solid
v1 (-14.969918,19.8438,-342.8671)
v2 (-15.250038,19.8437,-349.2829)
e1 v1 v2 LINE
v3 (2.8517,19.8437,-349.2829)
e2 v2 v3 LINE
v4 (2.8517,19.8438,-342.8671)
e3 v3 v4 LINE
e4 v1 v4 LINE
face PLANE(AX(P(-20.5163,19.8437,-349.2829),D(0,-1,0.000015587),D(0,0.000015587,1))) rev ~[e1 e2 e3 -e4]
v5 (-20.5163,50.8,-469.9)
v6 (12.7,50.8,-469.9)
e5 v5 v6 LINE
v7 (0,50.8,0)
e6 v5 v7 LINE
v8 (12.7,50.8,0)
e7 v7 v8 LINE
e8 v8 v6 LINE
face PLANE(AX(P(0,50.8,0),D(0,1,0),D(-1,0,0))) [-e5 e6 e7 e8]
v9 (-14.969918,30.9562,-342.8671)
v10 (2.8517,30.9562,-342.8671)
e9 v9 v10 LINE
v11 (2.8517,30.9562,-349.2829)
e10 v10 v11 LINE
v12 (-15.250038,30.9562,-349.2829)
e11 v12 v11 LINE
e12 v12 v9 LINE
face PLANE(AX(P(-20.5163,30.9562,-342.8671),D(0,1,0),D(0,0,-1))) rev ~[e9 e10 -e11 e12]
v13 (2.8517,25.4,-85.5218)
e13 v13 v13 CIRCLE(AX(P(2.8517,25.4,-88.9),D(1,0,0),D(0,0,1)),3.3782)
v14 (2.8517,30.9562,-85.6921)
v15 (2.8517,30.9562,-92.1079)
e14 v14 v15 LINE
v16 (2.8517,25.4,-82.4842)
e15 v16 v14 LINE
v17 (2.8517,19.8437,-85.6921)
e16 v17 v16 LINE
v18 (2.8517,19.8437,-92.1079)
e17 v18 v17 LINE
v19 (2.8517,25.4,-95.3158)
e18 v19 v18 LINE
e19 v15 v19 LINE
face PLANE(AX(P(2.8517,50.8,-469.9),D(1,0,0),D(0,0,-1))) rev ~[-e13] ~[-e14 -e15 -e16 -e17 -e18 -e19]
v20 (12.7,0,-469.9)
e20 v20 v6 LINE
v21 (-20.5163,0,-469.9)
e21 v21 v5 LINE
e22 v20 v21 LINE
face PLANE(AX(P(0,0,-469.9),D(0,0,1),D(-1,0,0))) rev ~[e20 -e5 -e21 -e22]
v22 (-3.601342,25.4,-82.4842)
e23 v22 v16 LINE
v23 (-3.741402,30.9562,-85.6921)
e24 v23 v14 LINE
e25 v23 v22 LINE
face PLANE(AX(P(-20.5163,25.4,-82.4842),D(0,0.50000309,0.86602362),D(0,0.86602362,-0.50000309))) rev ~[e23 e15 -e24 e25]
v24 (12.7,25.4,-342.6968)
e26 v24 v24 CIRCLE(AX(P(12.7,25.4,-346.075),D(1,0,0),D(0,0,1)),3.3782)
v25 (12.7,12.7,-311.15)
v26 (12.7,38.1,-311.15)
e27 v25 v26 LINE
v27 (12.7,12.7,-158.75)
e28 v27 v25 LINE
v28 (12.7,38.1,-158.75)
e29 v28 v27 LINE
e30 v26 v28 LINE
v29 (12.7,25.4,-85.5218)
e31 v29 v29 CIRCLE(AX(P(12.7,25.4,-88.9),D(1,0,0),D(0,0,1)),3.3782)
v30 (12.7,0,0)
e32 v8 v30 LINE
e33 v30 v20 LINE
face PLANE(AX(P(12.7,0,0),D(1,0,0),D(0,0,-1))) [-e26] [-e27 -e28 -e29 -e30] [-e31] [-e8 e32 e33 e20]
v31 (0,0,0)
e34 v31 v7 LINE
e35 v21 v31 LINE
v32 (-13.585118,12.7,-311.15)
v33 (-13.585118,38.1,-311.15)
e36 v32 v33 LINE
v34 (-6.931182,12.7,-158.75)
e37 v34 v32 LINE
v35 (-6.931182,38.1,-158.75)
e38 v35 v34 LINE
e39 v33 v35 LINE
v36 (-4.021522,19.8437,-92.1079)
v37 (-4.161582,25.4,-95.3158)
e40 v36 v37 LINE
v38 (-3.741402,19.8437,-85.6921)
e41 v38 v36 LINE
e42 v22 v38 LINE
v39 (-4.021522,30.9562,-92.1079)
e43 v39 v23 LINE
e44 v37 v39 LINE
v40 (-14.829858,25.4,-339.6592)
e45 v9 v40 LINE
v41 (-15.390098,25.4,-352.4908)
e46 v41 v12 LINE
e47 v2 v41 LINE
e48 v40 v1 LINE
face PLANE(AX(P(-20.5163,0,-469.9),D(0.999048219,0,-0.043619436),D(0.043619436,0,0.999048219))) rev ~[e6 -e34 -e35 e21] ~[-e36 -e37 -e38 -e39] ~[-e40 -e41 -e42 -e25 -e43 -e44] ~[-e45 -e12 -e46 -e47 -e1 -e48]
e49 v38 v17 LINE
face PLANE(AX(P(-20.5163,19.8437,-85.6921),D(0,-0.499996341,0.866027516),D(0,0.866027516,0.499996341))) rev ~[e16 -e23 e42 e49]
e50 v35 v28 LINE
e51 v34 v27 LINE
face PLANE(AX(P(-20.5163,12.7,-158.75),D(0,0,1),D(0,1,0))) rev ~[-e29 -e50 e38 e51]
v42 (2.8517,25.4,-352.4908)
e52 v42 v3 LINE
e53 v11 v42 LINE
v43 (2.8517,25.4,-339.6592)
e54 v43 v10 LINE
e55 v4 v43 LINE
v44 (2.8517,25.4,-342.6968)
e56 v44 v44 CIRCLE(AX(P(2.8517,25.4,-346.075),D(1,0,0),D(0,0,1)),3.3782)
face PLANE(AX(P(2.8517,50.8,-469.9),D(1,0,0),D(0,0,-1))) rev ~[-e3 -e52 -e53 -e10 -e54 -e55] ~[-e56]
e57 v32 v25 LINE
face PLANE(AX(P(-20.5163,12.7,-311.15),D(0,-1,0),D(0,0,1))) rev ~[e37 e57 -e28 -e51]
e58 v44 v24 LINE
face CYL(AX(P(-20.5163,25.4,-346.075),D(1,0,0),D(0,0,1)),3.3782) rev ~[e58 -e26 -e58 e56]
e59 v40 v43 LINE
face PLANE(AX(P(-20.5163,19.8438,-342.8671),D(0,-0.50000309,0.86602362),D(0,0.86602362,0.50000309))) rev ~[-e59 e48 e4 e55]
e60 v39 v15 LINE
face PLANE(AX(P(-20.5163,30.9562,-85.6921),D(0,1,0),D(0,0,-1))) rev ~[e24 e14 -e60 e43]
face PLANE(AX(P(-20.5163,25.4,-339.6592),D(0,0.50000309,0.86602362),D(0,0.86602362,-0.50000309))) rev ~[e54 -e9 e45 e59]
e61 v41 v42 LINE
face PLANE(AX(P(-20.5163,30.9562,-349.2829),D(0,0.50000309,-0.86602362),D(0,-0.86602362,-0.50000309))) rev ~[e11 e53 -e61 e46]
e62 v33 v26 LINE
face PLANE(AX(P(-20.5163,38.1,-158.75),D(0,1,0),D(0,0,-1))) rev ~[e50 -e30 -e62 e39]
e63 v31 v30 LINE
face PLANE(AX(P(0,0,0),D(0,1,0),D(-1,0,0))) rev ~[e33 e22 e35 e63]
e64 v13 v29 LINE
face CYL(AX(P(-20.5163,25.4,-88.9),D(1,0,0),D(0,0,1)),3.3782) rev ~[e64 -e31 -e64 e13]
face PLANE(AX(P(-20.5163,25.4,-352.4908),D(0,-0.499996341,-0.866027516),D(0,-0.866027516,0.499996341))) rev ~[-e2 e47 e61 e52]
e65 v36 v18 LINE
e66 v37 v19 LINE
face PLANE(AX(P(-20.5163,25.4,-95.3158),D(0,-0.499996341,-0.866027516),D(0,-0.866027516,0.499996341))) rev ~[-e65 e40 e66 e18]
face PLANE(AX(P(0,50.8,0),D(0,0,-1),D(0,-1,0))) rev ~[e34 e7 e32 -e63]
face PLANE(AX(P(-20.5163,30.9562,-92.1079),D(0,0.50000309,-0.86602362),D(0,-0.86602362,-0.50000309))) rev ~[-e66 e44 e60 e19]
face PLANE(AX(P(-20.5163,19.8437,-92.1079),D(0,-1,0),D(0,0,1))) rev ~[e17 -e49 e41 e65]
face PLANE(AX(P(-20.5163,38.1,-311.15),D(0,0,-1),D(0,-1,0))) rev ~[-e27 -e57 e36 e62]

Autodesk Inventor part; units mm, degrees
ref_plane "YZ Plane" through (0, 0, 0) normal (1, 0, 0) x (0, 1, 0)
ref_plane "XZ Plane" through (0, 0, 0) normal (0, 1, 0) x (-1, 0, 0)
sketch "Sketch1" plane through (0, 0, 0) normal (0, 1, 0) x (-1, 0, 0)
  line L0 (0, 0) -> (0, -469.9)
  line L1 (0, -469.9) -> (0, -122.0086)
  line L2 (0, -469.9) -> (20.5163, -469.9)
  line L3 (20.5163, -469.9) -> (0, 0)
  dimension "d0" = 469.9
  dimension "d1" = 2.5
extrude "Extrusion1" add sketch "Sketch1" along normal blind 50.8
ref_plane "Work Plane1" through (-20.5163, 50.8, -469.9) normal (1, 0, 0) x (0, 0, -1)
sketch "Sketch2" plane through (0, 0, 0) normal (1, 0, 0) x (0, 0, -1)
  line L0 (0, 0) -> (469.9, 0) projected
  line L1 (0, 50.8) -> (469.9, 50.8) projected
  line L2 (0, 0) -> (469.9, 0)
  line L3 (469.9, 0) -> (469.9, 50.8)
  line L4 (469.9, 50.8) -> (0, 50.8)
  line L5 (0, 50.8) -> (0, 0)
extrude "Extrusion2" add sketch "Sketch2" along normal blind 12.7
sketch "Sketch4" plane through (-20.5163, 50.8, -469.9) normal (1, 0, 0) x (0, 0, -1)
  line L0 (0, -50.8) -> (0, 0) construction
  line L1 (0, -25.4) -> (-279.4, -25.4) construction
  line L2 (0, -50.8) -> (-469.9, -50.8) construction
  line L3 (-469.9, -50.8) -> (-469.9, 0) construction
  point P0 (-381, -25.4)
  point P1 (-123.825, -25.4)
  point P2 (-469.9, 0)
  dimension "d16" = 25.4
  dimension "d17" = 88.9
  dimension "d18" = 346.075
hole "Hole2" at (-20.5163, 25.4, -88.9) at (-20.5163, 25.4, -346.075) direction (1, 0, 0) diameter 6.7564 end through all clearance for "Flat Head Machine Screw (82)" size "1/4" standard "Ansi Unified Screw Threads"
sketch "Sketch6" plane through (-20.5163, 50.8, -469.9) normal (1, 0, 0) x (0, 0, -1)
  circle A0 centre (-123.825, -25.4) radius 3.3782 projected
  line L0 (-130.2408, -25.4) -> (-127.0329, -19.8438)
  line L1 (-127.0329, -19.8438) -> (-120.6171, -19.8438)
  line L2 (-120.6171, -19.8438) -> (-117.4092, -25.4)
  line L3 (-117.4092, -25.4) -> (-120.6171, -30.9563)
  line L4 (-120.6171, -30.9563) -> (-127.0329, -30.9562)
  line L5 (-127.0329, -30.9562) -> (-130.2408, -25.4)
  circle A1 centre (-381, -25.4) radius 3.3782 projected
  line L6 (-387.4158, -25.4) -> (-384.2079, -19.8438)
  line L7 (-384.2079, -19.8438) -> (-377.7921, -19.8438)
  line L8 (-377.7921, -19.8438) -> (-374.5842, -25.4)
  line L9 (-374.5842, -25.4) -> (-377.7921, -30.9563)
  line L10 (-377.7921, -30.9563) -> (-384.2079, -30.9563)
  line L11 (-384.2079, -30.9563) -> (-387.4158, -25.4)
  line L12 (0, 0) -> (-469.9, 0) projected
  point P0 (-469.9, -50.8)
  dimension "d26" = 11.1125
extrude "Extrusion3" cut sketch "Sketch6" along normal blind 23.368
ref_plane "Work Plane2" through (-20.5163, 0, -234.95) normal (0, 0, -1) x (-1, 0, 0)
sketch "Sketch8" plane through (-20.5163, 50.8, -469.9) normal (1, 0, 0) x (0, 0, -1)
  circle A0 centre (-123.825, -25.4) radius 3.3782 construction
  circle A1 centre (-381, -25.4) radius 3.3782 construction
  line L0 (-123.825, -25.4) -> (-381, -25.4) construction
  line L1 (0, 0) -> (-469.9, 0) construction
  line L2 (-234.95, 0) -> (-234.95, -50.8) construction
  line L3 (-158.75, -38.1) -> (-311.15, -38.1)
  line L4 (-311.15, -38.1) -> (-311.15, -12.7)
  line L5 (-311.15, -12.7) -> (-158.75, -12.7)
  line L6 (-158.75, -12.7) -> (-158.75, -38.1)
  line L7 (-158.75, -38.1) -> (-311.15, -12.7) construction
  line L8 (-311.15, -38.1) -> (-158.75, -12.7) construction
  point P0 (-469.9, -50.8)
  point P1 (-234.95, -25.4)
  dimension "d30" = 25.4
  dimension "d31" = 152.4
extrude "Extrusion4" cut sketch "Sketch8" along normal through all
equation "\"d0\" = lengthOfFixture"
equation "\"d1\" = cutAngle"
equation "\"d2\" = heightOfJig"
equation "\"d4\" = addedDepthToSupportBolts"
equation "\"d16\" = heightOfBoltHolt"
equation "\"d17\" = bottomToFirstHole"
equation "\"d18\" = bottomToSecondHole"
equation "\"d26\" = hexBoltDiameter"
equation "\"d27\" = depthOfHoleForHexBolt + clearanceForHexbolt"
equation "\"lengthOfFixture\" = 469.9"
equation "\"cutAngle\" = 2.5deg"
equation "\"bottomToFirstHole\" = 88.9"
equation "\"distanceBetweenBolts\" = 257.175"
equation "\"bottomToSecondHole\" = bottomToFirstHole + distanceBetweenBolts"
equation "\"heightOfBoltHolt\" = 25.4"
equation "\"boltSize\" = 6.35"
equation "\"heightOfJig\" = 50.8"
equation "\"addedDepthToSupportBolts\" = 12.7"
equation "\"depthOfHoleForHexBolt\" = 22.86"
equation "\"hexBoltDiameter\" = 11.1125"
equation "\"clearanceForHexbolt\" = 0.508"
equation "\"d29\" = -0.5 * lengthOfFixture"
properties part number "jigForRipCuts" material "PC/ABS Plastic"
